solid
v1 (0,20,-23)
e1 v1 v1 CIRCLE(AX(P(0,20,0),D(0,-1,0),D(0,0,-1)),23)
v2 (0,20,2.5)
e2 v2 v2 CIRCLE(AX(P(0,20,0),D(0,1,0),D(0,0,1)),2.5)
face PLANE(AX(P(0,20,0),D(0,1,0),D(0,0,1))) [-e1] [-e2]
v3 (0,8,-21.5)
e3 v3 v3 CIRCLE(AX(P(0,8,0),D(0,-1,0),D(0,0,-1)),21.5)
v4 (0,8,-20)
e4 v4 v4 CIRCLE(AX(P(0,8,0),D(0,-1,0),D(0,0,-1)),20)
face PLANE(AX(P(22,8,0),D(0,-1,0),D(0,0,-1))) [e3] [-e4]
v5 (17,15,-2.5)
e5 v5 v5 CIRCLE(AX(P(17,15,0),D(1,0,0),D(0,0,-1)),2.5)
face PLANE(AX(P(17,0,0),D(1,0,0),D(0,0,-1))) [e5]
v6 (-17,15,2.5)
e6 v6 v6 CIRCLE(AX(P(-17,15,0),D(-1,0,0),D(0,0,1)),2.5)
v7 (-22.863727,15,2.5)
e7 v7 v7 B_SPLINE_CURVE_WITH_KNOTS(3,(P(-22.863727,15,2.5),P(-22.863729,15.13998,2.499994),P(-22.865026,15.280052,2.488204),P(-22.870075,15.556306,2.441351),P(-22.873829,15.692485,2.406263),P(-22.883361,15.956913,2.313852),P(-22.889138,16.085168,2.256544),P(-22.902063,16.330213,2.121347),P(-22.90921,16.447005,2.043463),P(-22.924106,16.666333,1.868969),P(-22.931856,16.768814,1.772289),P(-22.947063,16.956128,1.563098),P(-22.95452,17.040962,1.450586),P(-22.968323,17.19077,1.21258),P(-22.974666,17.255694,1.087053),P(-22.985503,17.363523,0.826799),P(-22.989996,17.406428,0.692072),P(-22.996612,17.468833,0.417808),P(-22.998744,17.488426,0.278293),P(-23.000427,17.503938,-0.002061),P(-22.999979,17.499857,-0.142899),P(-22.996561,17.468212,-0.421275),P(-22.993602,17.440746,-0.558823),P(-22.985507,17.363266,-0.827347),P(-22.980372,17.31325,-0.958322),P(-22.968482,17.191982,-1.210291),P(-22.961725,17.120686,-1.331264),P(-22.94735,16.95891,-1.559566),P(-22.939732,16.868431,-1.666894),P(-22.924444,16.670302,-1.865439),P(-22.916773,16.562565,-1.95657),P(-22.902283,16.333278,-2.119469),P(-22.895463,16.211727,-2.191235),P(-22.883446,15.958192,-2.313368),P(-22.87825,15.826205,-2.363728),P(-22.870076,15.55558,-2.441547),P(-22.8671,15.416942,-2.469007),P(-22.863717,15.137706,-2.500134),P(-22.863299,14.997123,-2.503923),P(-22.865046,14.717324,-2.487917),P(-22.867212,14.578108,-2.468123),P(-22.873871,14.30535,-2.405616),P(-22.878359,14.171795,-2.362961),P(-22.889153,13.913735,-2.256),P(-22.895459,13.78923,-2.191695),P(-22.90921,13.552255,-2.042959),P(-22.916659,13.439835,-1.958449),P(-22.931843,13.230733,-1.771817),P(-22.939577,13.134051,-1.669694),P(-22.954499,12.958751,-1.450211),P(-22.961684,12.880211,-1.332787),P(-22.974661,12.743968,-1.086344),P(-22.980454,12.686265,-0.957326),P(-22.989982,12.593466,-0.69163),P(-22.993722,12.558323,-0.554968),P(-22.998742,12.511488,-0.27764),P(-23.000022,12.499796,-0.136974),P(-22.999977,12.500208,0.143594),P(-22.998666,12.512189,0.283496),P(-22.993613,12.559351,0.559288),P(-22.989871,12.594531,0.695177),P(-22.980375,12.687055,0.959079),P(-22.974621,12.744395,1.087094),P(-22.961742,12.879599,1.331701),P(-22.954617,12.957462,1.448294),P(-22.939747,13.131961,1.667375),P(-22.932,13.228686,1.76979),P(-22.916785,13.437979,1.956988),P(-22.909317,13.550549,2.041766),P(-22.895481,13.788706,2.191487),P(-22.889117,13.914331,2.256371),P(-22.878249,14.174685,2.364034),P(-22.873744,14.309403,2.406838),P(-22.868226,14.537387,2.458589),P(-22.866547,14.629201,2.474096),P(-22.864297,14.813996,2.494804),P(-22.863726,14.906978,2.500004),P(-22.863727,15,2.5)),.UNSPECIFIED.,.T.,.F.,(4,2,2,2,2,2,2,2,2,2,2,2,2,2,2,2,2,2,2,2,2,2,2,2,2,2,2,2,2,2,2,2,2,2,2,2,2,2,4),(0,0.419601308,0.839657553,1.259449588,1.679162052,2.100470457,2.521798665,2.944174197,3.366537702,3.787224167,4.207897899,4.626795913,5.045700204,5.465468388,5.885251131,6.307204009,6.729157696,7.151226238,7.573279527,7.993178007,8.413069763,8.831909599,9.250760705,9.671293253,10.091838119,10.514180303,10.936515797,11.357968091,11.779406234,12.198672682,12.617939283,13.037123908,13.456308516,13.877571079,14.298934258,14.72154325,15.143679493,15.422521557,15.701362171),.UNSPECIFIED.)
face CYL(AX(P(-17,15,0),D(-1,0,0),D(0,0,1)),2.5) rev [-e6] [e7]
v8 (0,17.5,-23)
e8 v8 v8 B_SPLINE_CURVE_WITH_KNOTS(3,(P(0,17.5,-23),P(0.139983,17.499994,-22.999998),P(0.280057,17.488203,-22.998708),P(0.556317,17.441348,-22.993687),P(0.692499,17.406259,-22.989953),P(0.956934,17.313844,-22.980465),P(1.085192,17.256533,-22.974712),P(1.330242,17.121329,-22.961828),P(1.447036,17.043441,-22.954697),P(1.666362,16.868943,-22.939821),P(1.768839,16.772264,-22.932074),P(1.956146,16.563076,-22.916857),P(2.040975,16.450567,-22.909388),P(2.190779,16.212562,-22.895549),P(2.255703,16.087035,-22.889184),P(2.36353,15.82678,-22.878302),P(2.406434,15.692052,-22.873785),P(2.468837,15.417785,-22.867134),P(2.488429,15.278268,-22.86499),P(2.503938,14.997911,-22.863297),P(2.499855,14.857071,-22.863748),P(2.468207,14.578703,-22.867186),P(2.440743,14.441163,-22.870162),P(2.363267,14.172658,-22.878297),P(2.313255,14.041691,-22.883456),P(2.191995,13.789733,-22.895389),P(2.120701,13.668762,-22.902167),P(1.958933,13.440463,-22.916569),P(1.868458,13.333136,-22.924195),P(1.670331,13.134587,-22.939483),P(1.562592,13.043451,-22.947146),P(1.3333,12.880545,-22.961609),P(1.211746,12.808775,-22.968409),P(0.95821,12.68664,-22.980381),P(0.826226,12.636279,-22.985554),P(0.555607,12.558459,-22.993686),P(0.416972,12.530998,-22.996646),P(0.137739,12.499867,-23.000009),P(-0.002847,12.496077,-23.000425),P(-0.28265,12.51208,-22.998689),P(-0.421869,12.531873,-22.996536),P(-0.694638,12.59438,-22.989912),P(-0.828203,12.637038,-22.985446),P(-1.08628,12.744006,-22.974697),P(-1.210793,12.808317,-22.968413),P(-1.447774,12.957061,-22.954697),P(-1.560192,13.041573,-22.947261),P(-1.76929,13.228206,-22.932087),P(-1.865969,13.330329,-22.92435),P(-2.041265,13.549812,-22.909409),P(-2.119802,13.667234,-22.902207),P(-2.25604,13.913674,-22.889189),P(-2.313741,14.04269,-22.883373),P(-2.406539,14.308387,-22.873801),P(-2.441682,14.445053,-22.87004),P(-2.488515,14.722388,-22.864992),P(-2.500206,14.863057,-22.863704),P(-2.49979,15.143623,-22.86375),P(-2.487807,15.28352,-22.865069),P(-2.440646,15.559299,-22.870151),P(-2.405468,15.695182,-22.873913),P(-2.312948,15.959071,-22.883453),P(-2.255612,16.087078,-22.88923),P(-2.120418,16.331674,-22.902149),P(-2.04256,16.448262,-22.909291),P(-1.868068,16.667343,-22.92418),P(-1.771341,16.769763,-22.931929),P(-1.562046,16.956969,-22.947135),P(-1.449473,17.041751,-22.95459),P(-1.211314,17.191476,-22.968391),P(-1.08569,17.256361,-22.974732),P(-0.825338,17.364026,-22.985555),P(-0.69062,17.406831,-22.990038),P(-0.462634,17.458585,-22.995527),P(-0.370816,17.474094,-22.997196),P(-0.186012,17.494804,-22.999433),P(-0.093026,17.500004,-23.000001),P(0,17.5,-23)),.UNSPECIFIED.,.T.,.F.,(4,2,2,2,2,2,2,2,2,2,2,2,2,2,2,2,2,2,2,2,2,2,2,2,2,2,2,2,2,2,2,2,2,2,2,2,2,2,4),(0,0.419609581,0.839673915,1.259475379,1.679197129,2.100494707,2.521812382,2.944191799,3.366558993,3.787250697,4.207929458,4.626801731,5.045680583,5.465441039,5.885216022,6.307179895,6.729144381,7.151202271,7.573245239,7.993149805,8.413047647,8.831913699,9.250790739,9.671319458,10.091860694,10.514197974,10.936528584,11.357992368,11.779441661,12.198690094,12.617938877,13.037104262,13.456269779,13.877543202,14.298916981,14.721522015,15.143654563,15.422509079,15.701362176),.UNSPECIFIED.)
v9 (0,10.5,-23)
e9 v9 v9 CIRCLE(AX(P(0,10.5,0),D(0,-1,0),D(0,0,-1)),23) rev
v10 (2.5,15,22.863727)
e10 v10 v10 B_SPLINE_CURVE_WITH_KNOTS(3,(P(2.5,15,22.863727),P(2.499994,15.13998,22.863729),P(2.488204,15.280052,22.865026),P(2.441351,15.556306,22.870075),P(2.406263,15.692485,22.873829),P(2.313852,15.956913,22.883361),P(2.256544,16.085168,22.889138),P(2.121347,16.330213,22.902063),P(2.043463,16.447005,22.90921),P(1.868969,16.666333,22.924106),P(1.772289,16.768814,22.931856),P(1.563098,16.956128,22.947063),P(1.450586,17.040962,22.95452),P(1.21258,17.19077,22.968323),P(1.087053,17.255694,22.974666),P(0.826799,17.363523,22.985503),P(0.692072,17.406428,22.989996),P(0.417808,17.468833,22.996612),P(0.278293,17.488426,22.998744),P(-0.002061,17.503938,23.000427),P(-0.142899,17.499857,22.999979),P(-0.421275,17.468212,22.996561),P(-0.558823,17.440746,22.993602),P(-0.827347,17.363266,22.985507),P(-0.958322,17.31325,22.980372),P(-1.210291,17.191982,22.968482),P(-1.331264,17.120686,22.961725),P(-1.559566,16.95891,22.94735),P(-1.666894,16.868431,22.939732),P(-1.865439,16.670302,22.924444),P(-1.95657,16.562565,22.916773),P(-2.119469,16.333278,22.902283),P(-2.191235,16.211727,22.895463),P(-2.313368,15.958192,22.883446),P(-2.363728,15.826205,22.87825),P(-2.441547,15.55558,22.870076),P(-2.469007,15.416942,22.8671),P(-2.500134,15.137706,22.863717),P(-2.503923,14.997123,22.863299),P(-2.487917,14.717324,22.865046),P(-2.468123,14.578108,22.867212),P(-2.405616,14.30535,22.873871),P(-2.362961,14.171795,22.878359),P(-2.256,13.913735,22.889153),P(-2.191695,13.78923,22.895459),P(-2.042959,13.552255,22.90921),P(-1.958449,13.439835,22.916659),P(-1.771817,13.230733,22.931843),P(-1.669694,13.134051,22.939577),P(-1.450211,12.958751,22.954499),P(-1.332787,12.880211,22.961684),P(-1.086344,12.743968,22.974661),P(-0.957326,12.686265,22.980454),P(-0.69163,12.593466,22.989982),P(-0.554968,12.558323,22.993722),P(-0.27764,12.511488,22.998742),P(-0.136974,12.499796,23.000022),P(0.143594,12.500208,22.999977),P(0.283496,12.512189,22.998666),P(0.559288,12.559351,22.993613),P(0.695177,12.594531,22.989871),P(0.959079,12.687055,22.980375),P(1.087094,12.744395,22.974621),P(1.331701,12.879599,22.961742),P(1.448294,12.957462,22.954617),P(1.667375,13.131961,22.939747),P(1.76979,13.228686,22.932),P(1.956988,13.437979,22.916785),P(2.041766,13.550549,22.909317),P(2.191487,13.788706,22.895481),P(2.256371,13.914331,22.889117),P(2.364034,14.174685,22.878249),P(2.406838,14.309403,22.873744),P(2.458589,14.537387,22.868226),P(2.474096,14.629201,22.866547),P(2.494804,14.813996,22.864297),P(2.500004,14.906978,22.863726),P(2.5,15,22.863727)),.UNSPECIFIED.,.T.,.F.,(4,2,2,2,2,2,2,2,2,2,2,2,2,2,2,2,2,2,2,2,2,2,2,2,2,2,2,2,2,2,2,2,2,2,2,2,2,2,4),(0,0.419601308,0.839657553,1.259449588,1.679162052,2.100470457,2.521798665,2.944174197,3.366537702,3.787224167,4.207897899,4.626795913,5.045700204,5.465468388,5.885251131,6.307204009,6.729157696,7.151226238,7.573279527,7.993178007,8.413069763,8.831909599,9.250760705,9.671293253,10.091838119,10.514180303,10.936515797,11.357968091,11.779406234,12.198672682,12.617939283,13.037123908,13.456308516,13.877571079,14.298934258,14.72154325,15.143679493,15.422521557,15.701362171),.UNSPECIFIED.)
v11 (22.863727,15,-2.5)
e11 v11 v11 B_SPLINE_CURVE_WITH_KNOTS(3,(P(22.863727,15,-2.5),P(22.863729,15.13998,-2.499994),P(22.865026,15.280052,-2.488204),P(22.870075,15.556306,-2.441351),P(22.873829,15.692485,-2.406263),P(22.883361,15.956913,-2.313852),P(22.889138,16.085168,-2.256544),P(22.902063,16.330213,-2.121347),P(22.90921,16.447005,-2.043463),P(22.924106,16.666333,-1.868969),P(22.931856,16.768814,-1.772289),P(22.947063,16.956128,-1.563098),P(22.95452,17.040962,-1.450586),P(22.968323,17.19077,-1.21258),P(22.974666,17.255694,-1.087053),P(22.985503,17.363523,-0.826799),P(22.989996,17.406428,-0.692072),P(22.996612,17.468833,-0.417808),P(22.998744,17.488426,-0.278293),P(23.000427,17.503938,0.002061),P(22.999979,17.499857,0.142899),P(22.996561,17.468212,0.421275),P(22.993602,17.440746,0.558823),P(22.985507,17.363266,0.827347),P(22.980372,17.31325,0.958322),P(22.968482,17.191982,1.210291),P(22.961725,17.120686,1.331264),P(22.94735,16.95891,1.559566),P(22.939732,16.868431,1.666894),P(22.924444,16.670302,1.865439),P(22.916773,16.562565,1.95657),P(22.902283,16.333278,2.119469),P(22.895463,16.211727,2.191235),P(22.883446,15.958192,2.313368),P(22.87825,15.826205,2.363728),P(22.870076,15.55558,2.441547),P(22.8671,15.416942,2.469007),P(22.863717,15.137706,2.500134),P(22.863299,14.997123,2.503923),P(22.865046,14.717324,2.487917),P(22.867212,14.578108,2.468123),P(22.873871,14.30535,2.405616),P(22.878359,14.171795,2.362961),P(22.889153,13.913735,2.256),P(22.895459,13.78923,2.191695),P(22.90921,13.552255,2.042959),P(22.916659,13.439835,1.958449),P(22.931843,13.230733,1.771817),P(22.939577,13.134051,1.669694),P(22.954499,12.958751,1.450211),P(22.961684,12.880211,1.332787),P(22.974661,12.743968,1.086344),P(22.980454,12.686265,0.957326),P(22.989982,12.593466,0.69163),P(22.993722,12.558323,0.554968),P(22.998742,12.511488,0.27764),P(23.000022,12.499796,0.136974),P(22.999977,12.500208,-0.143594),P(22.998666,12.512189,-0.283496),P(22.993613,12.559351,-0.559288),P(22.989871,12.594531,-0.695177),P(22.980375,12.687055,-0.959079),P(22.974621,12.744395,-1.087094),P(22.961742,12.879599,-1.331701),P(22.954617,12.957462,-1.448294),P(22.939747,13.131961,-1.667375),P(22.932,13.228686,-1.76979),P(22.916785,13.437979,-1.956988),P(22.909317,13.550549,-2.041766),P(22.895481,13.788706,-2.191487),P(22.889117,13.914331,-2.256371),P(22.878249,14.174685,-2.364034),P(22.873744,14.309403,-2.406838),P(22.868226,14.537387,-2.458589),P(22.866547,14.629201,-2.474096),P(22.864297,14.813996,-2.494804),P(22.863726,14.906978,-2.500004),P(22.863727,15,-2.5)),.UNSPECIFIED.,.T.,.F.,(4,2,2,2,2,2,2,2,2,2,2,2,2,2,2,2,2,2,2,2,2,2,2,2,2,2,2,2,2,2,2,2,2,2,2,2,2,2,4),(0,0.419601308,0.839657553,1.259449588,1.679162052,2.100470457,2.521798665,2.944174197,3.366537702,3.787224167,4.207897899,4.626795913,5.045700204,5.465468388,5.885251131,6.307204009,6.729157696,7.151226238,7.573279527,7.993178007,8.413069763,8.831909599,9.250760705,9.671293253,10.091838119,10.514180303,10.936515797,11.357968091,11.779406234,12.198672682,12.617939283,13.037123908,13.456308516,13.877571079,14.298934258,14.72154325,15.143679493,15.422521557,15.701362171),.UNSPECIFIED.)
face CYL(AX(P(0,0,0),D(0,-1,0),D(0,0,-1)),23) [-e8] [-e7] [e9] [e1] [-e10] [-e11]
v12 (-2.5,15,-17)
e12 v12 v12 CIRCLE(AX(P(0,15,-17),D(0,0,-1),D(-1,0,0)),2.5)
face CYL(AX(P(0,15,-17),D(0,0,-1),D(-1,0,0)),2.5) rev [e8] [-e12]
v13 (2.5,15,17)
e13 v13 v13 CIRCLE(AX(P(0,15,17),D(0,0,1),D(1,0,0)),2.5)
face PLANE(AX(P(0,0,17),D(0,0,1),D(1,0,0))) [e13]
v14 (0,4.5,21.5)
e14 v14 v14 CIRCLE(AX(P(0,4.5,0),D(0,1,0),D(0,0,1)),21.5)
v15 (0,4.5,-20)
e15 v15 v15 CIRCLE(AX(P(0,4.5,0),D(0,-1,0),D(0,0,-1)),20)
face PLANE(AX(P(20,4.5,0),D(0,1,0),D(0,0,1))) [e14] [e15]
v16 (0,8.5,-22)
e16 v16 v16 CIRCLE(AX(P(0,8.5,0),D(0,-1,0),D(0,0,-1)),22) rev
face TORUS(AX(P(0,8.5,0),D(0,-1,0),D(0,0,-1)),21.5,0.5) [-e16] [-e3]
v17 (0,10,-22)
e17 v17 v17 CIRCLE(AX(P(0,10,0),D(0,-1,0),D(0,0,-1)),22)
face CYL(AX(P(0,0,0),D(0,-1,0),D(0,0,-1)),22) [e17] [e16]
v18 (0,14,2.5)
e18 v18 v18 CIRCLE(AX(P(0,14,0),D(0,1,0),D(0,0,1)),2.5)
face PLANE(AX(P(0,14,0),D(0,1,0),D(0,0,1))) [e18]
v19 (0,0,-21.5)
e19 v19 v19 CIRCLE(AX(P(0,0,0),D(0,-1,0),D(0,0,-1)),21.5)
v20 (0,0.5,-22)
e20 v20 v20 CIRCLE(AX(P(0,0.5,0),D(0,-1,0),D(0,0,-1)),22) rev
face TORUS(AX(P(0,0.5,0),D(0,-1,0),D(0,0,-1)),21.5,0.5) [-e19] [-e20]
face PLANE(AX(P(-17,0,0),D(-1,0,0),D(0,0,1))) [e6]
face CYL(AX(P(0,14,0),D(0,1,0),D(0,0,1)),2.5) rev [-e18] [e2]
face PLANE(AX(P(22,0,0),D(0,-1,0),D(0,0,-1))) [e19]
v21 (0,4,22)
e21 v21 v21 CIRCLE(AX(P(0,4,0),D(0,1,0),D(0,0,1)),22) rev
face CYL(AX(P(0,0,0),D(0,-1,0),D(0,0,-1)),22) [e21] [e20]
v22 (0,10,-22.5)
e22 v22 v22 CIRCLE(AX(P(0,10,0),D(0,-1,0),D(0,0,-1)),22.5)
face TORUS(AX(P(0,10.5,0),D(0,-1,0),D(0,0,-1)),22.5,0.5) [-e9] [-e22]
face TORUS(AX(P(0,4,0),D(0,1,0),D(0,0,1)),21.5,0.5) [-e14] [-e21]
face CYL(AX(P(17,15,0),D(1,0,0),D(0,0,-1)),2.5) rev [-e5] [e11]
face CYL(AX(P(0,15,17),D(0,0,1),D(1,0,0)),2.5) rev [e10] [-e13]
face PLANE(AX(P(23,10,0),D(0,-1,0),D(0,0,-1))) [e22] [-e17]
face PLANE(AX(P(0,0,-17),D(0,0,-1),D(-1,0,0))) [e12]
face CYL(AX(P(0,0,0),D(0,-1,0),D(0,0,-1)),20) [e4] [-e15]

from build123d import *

# Parameters (mm, degrees)
SKETCH_3_R          = 2.5
CUT_EXTRUDE_1_DEPTH = 6
SKETCH_4_R          = 2.5
CUT_EXTRUDE_2_DEPTH = 6
CUT_EXTRUDE_START   = -6
SKETCH_5_R          = 2.5
CUT_EXTRUDE_3_DEPTH = 6
SKETCH_6_R          = 2.5
CUT_EXTRUDE_4_DEPTH = 6
SKETCH_7_R          = 2.5
CUT_EXTRUDE_5_DEPTH = 6
FILLET_1_R          = 0.5
FILLET_2_R          = 0.5
FILLET_3_R          = 0.5
FILLET_4_R          = 0.5


with BuildPart() as part:
    # 스케치2 → 회전1 (revolve)
    with BuildSketch(Plane.XY, mode=Mode.PRIVATE) as revolve_1_sk:
        Polygon((0, 0), (0, 20), (23, 20), (23, 10), (22, 10), (22, 8), (20, 8), (20, 4.5), (22, 4.5), (22, 0), align=None)
    revolve(revolve_1_sk.sketch.rotate(Axis((0, 0, 0), (0, 1, 0)), 90), axis=Axis((0, 0, 0), (0, 1, 0)))

    # 스케치3 → 컷-돌출1 (cut)
    with BuildSketch(Plane.ZY.offset(23)):
        with Locations((0, 15)):
            Circle(SKETCH_3_R)
    extrude(amount=-CUT_EXTRUDE_1_DEPTH, mode=Mode.SUBTRACT)

    # 스케치4 → 컷-돌출2 (cut)
    with BuildSketch(Plane(origin=(0, 0, -23), x_dir=(-1, 0, 0), z_dir=(0, 0, -1))):
        with Locations((0, 15)):
            Circle(SKETCH_4_R)
    extrude(amount=-CUT_EXTRUDE_2_DEPTH, mode=Mode.SUBTRACT)

    # 스케치5 → 컷-돌출3 (cut)
    with BuildSketch(Plane(origin=(23, 0, 0), x_dir=(0, 0, -1), z_dir=(1, 0, 0)).offset(CUT_EXTRUDE_START)):
        with Locations(Location((0, 15, 0), (0, 0, 180))):
            Circle(SKETCH_5_R)
    extrude(amount=CUT_EXTRUDE_3_DEPTH, mode=Mode.SUBTRACT)

    # 스케치6 → 컷-돌출4 (cut)
    with BuildSketch(Plane.XY.offset(23).offset(CUT_EXTRUDE_START)):
        with Locations(Location((0, 15, 0), (0, 0, 180))):
            Circle(SKETCH_6_R)
    extrude(amount=CUT_EXTRUDE_4_DEPTH, mode=Mode.SUBTRACT)

    # 스케치7 → 컷-돌출5 (cut)
    with BuildSketch(Plane(origin=(0, 20, 0), x_dir=(1, 0, 0), z_dir=(0, 1, 0))):
        with Locations(Location((0, 0, 0), (0, 0, 270))):
            Circle(SKETCH_7_R)
    extrude(amount=-CUT_EXTRUDE_5_DEPTH, mode=Mode.SUBTRACT)

    # 필렛1
    fillet_1_edges = [part.edges().sort_by_distance(p)[0] for p in [
        (0, 8, 22),
    ]]
    fillet(fillet_1_edges, radius=FILLET_1_R)

    # 필렛2
    fillet_2_edges = [part.edges().sort_by_distance(p)[0] for p in [
        (0, 4.5, 22),
    ]]
    fillet(fillet_2_edges, radius=FILLET_2_R)

    # 필렛3
    fillet_3_edges = [part.edges().sort_by_distance(p)[0] for p in [
        (0, 0, 22),
    ]]
    fillet(fillet_3_edges, radius=FILLET_3_R)

    # 필렛4
    fillet_4_edges = [part.edges().sort_by_distance(p)[0] for p in [
        (0, 10, 23),
    ]]
    fillet(fillet_4_edges, radius=FILLET_4_R)


solid = part.part
